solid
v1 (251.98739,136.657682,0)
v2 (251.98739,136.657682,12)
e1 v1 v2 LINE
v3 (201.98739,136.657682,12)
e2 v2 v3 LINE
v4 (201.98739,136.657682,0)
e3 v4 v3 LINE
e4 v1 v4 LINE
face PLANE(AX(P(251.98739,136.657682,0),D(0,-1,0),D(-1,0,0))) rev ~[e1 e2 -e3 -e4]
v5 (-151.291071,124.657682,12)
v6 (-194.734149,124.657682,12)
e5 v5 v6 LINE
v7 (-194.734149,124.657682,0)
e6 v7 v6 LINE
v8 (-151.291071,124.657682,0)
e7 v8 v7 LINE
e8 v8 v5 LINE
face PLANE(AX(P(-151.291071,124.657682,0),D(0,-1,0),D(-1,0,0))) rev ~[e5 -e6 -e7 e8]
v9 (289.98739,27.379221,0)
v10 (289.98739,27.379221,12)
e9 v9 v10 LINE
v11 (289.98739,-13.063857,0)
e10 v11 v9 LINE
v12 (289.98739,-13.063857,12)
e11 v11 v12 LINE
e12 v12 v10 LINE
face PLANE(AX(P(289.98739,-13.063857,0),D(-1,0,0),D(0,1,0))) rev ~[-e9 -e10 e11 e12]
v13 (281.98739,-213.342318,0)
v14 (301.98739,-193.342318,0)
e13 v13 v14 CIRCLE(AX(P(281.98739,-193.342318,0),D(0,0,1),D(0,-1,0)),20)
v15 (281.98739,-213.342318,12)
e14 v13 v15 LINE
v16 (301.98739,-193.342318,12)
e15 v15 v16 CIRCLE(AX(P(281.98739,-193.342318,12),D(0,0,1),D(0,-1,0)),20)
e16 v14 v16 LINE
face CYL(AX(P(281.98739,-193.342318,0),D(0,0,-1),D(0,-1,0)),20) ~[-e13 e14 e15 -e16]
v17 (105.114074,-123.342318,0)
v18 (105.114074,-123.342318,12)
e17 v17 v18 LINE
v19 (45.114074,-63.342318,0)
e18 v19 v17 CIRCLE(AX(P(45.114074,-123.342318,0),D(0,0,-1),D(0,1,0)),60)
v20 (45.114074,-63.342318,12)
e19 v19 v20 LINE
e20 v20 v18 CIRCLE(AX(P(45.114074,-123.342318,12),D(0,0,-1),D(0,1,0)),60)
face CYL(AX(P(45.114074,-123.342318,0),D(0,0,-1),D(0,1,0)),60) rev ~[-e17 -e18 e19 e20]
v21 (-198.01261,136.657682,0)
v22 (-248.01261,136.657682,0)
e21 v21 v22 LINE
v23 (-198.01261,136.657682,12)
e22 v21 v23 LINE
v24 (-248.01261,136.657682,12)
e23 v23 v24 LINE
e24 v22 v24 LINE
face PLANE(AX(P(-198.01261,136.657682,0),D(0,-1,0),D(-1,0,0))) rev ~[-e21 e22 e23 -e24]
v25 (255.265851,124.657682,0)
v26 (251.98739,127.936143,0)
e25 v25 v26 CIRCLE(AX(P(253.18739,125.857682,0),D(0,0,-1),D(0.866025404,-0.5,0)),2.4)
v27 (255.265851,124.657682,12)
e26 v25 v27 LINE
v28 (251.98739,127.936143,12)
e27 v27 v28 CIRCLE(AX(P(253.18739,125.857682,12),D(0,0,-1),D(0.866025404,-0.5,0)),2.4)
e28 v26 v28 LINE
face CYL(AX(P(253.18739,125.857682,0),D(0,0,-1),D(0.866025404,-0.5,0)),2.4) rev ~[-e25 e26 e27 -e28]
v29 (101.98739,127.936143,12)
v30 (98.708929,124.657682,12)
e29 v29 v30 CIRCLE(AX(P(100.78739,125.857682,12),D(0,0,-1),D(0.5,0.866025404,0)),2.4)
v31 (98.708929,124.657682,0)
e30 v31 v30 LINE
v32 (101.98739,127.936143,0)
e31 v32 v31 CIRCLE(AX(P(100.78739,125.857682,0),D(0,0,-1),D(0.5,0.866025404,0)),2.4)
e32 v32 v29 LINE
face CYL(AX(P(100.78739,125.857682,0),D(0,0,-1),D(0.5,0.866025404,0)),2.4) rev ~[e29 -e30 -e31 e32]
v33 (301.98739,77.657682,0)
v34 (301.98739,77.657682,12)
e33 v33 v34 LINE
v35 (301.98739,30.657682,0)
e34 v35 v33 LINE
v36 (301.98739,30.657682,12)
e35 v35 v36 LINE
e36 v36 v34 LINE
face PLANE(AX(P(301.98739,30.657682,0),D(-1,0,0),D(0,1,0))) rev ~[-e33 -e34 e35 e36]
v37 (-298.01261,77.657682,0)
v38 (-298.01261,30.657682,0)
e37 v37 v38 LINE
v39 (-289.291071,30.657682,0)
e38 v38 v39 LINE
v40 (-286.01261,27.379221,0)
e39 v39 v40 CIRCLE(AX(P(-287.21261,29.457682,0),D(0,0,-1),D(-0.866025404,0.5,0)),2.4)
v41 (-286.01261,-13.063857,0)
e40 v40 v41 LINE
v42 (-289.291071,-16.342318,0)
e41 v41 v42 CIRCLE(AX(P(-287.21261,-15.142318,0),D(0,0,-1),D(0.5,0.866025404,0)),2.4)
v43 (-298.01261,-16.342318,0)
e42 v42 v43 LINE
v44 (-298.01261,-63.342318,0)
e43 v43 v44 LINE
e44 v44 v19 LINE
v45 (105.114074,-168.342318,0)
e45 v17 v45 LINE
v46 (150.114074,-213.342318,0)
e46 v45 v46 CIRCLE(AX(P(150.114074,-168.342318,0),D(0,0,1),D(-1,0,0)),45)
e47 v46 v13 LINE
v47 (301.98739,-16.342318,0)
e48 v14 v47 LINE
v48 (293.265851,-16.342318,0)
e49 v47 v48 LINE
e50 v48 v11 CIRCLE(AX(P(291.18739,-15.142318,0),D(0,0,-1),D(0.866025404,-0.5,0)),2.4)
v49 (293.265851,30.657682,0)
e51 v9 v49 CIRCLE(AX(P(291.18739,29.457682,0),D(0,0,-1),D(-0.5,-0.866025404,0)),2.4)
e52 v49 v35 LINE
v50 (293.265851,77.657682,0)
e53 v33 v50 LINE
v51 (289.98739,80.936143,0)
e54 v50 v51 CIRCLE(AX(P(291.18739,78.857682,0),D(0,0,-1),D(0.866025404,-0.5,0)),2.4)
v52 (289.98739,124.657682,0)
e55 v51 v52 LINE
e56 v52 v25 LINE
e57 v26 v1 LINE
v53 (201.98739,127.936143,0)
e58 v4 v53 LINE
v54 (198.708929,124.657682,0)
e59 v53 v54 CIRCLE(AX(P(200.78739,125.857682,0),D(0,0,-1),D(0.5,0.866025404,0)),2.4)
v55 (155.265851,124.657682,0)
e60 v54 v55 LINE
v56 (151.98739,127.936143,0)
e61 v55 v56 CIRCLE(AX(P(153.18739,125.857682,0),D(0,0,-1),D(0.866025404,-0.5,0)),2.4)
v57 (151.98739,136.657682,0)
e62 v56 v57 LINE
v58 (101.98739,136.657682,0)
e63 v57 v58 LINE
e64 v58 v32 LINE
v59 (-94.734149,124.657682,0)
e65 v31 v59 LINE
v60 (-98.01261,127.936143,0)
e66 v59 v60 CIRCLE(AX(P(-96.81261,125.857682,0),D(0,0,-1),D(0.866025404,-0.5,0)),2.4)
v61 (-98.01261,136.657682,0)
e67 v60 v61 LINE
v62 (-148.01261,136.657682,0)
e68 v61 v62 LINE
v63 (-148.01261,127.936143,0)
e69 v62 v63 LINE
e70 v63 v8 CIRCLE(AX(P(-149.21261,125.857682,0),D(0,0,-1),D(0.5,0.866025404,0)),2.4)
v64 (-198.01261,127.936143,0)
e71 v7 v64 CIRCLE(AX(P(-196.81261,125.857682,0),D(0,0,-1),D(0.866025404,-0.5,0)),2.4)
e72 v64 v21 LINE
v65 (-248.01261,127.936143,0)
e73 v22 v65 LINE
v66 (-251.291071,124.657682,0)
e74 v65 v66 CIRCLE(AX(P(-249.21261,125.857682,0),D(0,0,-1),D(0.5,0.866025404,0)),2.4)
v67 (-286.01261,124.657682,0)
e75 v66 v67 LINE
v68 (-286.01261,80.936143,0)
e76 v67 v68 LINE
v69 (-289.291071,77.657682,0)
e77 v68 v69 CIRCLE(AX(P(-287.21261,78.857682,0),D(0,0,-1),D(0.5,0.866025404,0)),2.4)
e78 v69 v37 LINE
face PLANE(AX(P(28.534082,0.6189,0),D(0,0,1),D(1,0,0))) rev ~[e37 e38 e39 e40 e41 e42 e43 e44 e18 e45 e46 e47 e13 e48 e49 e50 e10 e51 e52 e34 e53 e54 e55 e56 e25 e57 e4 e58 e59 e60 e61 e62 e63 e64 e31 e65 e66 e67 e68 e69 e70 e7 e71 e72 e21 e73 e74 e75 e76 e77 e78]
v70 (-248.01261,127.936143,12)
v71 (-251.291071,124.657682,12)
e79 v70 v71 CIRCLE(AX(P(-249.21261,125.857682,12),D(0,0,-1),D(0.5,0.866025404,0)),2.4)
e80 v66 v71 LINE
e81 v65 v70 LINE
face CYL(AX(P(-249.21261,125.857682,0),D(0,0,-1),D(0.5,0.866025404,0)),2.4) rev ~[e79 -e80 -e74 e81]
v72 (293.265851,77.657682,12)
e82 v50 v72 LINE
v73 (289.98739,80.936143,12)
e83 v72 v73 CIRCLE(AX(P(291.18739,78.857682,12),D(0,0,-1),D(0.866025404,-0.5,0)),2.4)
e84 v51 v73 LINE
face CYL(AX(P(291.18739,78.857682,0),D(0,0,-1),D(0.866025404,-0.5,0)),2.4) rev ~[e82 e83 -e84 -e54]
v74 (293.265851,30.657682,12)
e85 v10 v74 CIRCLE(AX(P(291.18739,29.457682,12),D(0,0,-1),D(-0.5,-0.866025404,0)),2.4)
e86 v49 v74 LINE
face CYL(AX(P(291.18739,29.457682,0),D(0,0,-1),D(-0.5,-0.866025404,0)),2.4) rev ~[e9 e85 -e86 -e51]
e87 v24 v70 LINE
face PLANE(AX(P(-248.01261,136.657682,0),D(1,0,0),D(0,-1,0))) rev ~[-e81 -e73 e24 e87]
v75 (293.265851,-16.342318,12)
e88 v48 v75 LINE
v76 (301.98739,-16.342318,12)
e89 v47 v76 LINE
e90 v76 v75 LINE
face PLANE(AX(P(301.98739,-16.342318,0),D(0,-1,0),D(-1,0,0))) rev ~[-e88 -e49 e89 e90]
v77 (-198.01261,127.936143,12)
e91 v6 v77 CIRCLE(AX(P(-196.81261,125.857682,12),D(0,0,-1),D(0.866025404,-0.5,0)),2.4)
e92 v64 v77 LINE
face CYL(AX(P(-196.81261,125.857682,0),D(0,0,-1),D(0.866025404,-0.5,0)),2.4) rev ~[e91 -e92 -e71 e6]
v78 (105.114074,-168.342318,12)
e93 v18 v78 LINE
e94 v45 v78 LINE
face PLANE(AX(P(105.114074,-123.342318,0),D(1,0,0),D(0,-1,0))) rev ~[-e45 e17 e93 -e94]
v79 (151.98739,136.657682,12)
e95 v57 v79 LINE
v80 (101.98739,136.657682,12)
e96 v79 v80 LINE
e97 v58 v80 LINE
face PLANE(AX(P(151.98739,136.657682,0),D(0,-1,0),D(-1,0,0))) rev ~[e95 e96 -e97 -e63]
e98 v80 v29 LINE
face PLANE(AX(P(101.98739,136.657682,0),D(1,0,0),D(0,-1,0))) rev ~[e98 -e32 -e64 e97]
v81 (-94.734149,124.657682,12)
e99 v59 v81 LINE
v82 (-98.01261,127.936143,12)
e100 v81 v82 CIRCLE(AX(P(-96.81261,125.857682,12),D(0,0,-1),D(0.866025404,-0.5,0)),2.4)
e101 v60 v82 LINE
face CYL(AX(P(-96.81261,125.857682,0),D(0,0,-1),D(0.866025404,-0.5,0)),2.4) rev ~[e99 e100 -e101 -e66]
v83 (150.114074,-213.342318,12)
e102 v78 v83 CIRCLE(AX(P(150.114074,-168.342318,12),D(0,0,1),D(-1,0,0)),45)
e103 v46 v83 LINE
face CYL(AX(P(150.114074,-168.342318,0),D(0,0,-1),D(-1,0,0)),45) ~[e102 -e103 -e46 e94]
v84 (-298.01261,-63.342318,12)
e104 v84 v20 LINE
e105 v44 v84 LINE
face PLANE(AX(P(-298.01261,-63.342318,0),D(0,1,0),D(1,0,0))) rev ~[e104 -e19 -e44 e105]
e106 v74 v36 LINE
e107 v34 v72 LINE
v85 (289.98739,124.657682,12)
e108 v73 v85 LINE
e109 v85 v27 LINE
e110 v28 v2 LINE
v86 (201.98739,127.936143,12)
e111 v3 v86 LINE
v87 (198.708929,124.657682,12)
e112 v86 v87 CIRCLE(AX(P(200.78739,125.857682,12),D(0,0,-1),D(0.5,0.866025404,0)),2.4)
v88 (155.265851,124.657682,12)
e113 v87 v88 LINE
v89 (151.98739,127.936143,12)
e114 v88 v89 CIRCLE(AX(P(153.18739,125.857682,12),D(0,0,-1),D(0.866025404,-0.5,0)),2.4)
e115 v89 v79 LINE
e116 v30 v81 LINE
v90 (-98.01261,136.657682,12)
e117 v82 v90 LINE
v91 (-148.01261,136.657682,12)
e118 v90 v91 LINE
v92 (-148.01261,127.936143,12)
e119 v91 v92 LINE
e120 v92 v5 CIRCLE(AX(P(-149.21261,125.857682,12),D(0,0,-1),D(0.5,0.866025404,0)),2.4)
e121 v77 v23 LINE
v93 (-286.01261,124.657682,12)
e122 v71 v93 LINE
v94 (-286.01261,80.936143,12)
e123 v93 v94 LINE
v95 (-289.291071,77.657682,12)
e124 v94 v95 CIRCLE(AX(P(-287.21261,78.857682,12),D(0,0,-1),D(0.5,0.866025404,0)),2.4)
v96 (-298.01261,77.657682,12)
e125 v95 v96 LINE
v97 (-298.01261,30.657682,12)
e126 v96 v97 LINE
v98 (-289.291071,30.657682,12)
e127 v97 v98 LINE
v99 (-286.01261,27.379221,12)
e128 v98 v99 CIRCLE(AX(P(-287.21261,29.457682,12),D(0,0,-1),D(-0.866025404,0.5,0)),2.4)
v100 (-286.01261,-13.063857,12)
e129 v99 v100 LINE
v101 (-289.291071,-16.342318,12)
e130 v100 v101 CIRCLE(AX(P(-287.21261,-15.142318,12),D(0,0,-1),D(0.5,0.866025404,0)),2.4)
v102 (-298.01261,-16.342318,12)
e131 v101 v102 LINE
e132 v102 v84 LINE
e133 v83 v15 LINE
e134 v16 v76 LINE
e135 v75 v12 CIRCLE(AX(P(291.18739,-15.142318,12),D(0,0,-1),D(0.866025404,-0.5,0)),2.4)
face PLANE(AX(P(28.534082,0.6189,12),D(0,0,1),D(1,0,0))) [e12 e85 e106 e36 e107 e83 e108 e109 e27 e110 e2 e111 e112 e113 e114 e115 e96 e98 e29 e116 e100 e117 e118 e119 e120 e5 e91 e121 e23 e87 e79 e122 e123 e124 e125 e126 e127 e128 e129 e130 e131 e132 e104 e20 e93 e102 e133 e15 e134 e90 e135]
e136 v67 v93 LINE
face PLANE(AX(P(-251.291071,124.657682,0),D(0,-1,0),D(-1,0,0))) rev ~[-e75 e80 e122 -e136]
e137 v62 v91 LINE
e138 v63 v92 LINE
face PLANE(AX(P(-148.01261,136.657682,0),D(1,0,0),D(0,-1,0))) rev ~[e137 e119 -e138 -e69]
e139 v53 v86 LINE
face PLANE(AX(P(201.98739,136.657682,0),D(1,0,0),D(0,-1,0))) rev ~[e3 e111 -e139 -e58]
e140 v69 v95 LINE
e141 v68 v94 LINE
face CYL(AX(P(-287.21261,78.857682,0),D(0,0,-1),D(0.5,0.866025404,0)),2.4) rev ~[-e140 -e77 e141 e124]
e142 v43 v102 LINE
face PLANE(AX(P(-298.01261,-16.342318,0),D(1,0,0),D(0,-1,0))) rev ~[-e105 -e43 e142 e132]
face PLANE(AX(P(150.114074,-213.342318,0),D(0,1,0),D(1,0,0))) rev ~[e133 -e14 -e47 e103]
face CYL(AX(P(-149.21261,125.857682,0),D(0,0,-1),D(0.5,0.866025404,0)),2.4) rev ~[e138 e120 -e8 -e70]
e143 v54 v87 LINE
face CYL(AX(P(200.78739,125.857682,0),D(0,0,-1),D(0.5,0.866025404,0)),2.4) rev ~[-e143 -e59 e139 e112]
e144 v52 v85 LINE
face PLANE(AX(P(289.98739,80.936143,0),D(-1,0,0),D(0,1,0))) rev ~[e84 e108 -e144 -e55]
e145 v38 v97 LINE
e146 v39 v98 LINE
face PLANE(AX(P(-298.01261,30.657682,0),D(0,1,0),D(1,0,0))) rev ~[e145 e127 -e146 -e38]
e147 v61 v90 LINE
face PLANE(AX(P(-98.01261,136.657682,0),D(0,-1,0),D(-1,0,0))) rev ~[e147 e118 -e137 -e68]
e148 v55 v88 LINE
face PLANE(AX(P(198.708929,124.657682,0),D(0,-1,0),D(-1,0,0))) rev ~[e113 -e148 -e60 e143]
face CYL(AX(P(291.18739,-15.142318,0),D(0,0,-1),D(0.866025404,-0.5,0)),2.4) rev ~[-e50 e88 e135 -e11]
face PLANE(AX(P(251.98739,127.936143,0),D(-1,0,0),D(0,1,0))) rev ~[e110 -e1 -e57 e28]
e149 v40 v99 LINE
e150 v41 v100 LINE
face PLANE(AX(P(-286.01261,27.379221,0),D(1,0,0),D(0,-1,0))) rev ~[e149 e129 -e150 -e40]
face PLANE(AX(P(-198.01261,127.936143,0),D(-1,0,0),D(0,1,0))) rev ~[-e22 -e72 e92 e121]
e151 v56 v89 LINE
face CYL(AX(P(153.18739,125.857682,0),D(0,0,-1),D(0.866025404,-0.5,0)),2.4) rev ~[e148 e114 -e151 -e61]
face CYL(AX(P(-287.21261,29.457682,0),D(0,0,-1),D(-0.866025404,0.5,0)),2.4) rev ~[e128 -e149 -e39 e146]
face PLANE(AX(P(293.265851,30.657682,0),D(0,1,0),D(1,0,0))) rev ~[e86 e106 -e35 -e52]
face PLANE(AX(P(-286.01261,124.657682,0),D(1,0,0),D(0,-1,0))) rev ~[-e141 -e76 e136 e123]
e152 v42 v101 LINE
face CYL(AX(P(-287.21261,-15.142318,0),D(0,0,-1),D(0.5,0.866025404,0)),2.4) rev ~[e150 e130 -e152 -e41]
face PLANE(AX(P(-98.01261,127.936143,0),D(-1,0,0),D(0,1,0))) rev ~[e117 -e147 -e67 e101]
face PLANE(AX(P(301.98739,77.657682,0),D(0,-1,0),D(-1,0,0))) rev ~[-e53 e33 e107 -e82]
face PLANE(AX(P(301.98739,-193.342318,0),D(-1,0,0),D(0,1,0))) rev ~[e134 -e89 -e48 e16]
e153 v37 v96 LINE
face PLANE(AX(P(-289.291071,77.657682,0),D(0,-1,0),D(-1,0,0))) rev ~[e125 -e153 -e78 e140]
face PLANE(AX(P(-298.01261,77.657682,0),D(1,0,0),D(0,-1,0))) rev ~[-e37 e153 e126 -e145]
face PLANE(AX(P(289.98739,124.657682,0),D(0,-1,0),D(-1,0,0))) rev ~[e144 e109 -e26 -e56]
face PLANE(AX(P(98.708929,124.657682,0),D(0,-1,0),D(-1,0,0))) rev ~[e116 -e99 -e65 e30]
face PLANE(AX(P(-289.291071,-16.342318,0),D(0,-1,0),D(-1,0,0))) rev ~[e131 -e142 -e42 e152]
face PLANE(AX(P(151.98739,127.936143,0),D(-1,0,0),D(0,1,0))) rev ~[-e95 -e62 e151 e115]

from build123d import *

# Parameters (mm, degrees)
BOSS_EXTRUDE1_DEPTH = 12


with BuildPart() as part:
    # Sketch1 → Boss-Extrude1 (new body)
    with BuildSketch(Plane.XY):
        with BuildLine():
            Line((-298.012610176, -63.342318059), (45.11407446, -63.342318059))
            ThreePointArc((45.11407446, -63.342318059), (87.540481331, -80.915911188), (105.11407446, -123.342318059))
            Line((105.11407446, -123.342318059), (105.11407446, -168.342318059))
            ThreePointArc((105.11407446, -168.342318059), (118.294269306, -200.162123213), (150.11407446, -213.342318059))
            Line((150.11407446, -213.342318059), (277.389007074, -213.342318059))
            Line((277.389007074, -213.342318059), (281.987389824, -213.342318059))
            ThreePointArc((281.987389824, -213.342318059), (296.129525447, -207.484453683), (301.987389824, -193.342318059))
            Line((301.987389824, -193.342318059), (301.987389824, -63.342318059))
            Line((301.987389824, -63.342318059), (301.987389824, -16.342318059))
            Line((301.987389824, -16.342318059), (293.265850793, -16.342318059))
            ThreePointArc((293.265850793, -16.342318059), (289.490333549, -16.839374334), (289.987389824, -13.06385709))
            Line((289.987389824, -13.06385709), (289.987389824, 27.379220972))
            ThreePointArc((289.987389824, 27.379220972), (289.490333549, 31.154738216), (293.265850793, 30.657681941))
            Line((293.265850793, 30.657681941), (301.987389824, 30.657681941))
            Line((301.987389824, 30.657681941), (301.987389824, 77.657681941))
            Line((301.987389824, 77.657681941), (293.265850793, 77.657681941))
            ThreePointArc((293.265850793, 77.657681941), (289.490333549, 77.160625666), (289.987389824, 80.93614291))
            Line((289.987389824, 80.93614291), (289.987389824, 124.657681941))
            Line((289.987389824, 124.657681941), (255.265850793, 124.657681941))
            ThreePointArc((255.265850793, 124.657681941), (251.490333549, 124.160625666), (251.987389824, 127.93614291))
            Line((251.987389824, 127.93614291), (251.987389824, 136.657681941))
            Line((251.987389824, 136.657681941), (201.987389824, 136.657681941))
            Line((201.987389824, 136.657681941), (201.987389824, 127.93614291))
            ThreePointArc((201.987389824, 127.93614291), (202.484446099, 124.160625666), (198.708928855, 124.657681941))
            Line((198.708928855, 124.657681941), (155.265850793, 124.657681941))
            ThreePointArc((155.265850793, 124.657681941), (151.490333549, 124.160625666), (151.987389824, 127.93614291))
            Line((151.987389824, 127.93614291), (151.987389824, 136.657681941))
            Line((151.987389824, 136.657681941), (101.987389824, 136.657681941))
            Line((101.987389824, 136.657681941), (101.987389824, 127.93614291))
            ThreePointArc((101.987389824, 127.93614291), (102.484446099, 124.160625666), (98.708928855, 124.657681941))
            Line((98.708928855, 124.657681941), (-94.734149207, 124.657681941))
            ThreePointArc((-94.734149207, 124.657681941), (-98.509666451, 124.160625666), (-98.012610176, 127.93614291))
            Line((-98.012610176, 127.93614291), (-98.012610176, 136.657681941))
            Line((-98.012610176, 136.657681941), (-148.012610176, 136.657681941))
            Line((-148.012610176, 136.657681941), (-148.012610176, 127.93614291))
            ThreePointArc((-148.012610176, 127.93614291), (-147.515553901, 124.160625666), (-151.291071145, 124.657681941))
            Line((-151.291071145, 124.657681941), (-194.734149207, 124.657681941))
            ThreePointArc((-194.734149207, 124.657681941), (-198.509666451, 124.160625666), (-198.012610176, 127.93614291))
            Line((-198.012610176, 127.93614291), (-198.012610176, 136.657681941))
            Line((-198.012610176, 136.657681941), (-248.012610176, 136.657681941))
            Line((-248.012610176, 136.657681941), (-248.012610176, 127.93614291))
            ThreePointArc((-248.012610176, 127.93614291), (-247.515553901, 124.160625666), (-251.291071145, 124.657681941))
            Line((-251.291071145, 124.657681941), (-286.012610176, 124.657681941))
            Line((-286.012610176, 124.657681941), (-286.012610176, 80.93614291))
            ThreePointArc((-286.012610176, 80.93614291), (-285.515553901, 77.160625666), (-289.291071145, 77.657681941))
            Line((-289.291071145, 77.657681941), (-298.012610176, 77.657681941))
            Line((-298.012610176, 77.657681941), (-298.012610176, 30.657681941))
            Line((-298.012610176, 30.657681941), (-289.291071145, 30.657681941))
            ThreePointArc((-289.291071145, 30.657681941), (-285.515553901, 31.154738216), (-286.012610176, 27.379220972))
            Line((-286.012610176, 27.379220972), (-286.012610176, -13.06385709))
            ThreePointArc((-286.012610176, -13.06385709), (-285.515553901, -16.839374334), (-289.291071145, -16.342318059))
            Line((-289.291071145, -16.342318059), (-298.012610176, -16.342318059))
            Line((-298.012610176, -16.342318059), (-298.012610176, -63.342318059))
        make_face()
    extrude(amount=BOSS_EXTRUDE1_DEPTH)


solid = part.part
